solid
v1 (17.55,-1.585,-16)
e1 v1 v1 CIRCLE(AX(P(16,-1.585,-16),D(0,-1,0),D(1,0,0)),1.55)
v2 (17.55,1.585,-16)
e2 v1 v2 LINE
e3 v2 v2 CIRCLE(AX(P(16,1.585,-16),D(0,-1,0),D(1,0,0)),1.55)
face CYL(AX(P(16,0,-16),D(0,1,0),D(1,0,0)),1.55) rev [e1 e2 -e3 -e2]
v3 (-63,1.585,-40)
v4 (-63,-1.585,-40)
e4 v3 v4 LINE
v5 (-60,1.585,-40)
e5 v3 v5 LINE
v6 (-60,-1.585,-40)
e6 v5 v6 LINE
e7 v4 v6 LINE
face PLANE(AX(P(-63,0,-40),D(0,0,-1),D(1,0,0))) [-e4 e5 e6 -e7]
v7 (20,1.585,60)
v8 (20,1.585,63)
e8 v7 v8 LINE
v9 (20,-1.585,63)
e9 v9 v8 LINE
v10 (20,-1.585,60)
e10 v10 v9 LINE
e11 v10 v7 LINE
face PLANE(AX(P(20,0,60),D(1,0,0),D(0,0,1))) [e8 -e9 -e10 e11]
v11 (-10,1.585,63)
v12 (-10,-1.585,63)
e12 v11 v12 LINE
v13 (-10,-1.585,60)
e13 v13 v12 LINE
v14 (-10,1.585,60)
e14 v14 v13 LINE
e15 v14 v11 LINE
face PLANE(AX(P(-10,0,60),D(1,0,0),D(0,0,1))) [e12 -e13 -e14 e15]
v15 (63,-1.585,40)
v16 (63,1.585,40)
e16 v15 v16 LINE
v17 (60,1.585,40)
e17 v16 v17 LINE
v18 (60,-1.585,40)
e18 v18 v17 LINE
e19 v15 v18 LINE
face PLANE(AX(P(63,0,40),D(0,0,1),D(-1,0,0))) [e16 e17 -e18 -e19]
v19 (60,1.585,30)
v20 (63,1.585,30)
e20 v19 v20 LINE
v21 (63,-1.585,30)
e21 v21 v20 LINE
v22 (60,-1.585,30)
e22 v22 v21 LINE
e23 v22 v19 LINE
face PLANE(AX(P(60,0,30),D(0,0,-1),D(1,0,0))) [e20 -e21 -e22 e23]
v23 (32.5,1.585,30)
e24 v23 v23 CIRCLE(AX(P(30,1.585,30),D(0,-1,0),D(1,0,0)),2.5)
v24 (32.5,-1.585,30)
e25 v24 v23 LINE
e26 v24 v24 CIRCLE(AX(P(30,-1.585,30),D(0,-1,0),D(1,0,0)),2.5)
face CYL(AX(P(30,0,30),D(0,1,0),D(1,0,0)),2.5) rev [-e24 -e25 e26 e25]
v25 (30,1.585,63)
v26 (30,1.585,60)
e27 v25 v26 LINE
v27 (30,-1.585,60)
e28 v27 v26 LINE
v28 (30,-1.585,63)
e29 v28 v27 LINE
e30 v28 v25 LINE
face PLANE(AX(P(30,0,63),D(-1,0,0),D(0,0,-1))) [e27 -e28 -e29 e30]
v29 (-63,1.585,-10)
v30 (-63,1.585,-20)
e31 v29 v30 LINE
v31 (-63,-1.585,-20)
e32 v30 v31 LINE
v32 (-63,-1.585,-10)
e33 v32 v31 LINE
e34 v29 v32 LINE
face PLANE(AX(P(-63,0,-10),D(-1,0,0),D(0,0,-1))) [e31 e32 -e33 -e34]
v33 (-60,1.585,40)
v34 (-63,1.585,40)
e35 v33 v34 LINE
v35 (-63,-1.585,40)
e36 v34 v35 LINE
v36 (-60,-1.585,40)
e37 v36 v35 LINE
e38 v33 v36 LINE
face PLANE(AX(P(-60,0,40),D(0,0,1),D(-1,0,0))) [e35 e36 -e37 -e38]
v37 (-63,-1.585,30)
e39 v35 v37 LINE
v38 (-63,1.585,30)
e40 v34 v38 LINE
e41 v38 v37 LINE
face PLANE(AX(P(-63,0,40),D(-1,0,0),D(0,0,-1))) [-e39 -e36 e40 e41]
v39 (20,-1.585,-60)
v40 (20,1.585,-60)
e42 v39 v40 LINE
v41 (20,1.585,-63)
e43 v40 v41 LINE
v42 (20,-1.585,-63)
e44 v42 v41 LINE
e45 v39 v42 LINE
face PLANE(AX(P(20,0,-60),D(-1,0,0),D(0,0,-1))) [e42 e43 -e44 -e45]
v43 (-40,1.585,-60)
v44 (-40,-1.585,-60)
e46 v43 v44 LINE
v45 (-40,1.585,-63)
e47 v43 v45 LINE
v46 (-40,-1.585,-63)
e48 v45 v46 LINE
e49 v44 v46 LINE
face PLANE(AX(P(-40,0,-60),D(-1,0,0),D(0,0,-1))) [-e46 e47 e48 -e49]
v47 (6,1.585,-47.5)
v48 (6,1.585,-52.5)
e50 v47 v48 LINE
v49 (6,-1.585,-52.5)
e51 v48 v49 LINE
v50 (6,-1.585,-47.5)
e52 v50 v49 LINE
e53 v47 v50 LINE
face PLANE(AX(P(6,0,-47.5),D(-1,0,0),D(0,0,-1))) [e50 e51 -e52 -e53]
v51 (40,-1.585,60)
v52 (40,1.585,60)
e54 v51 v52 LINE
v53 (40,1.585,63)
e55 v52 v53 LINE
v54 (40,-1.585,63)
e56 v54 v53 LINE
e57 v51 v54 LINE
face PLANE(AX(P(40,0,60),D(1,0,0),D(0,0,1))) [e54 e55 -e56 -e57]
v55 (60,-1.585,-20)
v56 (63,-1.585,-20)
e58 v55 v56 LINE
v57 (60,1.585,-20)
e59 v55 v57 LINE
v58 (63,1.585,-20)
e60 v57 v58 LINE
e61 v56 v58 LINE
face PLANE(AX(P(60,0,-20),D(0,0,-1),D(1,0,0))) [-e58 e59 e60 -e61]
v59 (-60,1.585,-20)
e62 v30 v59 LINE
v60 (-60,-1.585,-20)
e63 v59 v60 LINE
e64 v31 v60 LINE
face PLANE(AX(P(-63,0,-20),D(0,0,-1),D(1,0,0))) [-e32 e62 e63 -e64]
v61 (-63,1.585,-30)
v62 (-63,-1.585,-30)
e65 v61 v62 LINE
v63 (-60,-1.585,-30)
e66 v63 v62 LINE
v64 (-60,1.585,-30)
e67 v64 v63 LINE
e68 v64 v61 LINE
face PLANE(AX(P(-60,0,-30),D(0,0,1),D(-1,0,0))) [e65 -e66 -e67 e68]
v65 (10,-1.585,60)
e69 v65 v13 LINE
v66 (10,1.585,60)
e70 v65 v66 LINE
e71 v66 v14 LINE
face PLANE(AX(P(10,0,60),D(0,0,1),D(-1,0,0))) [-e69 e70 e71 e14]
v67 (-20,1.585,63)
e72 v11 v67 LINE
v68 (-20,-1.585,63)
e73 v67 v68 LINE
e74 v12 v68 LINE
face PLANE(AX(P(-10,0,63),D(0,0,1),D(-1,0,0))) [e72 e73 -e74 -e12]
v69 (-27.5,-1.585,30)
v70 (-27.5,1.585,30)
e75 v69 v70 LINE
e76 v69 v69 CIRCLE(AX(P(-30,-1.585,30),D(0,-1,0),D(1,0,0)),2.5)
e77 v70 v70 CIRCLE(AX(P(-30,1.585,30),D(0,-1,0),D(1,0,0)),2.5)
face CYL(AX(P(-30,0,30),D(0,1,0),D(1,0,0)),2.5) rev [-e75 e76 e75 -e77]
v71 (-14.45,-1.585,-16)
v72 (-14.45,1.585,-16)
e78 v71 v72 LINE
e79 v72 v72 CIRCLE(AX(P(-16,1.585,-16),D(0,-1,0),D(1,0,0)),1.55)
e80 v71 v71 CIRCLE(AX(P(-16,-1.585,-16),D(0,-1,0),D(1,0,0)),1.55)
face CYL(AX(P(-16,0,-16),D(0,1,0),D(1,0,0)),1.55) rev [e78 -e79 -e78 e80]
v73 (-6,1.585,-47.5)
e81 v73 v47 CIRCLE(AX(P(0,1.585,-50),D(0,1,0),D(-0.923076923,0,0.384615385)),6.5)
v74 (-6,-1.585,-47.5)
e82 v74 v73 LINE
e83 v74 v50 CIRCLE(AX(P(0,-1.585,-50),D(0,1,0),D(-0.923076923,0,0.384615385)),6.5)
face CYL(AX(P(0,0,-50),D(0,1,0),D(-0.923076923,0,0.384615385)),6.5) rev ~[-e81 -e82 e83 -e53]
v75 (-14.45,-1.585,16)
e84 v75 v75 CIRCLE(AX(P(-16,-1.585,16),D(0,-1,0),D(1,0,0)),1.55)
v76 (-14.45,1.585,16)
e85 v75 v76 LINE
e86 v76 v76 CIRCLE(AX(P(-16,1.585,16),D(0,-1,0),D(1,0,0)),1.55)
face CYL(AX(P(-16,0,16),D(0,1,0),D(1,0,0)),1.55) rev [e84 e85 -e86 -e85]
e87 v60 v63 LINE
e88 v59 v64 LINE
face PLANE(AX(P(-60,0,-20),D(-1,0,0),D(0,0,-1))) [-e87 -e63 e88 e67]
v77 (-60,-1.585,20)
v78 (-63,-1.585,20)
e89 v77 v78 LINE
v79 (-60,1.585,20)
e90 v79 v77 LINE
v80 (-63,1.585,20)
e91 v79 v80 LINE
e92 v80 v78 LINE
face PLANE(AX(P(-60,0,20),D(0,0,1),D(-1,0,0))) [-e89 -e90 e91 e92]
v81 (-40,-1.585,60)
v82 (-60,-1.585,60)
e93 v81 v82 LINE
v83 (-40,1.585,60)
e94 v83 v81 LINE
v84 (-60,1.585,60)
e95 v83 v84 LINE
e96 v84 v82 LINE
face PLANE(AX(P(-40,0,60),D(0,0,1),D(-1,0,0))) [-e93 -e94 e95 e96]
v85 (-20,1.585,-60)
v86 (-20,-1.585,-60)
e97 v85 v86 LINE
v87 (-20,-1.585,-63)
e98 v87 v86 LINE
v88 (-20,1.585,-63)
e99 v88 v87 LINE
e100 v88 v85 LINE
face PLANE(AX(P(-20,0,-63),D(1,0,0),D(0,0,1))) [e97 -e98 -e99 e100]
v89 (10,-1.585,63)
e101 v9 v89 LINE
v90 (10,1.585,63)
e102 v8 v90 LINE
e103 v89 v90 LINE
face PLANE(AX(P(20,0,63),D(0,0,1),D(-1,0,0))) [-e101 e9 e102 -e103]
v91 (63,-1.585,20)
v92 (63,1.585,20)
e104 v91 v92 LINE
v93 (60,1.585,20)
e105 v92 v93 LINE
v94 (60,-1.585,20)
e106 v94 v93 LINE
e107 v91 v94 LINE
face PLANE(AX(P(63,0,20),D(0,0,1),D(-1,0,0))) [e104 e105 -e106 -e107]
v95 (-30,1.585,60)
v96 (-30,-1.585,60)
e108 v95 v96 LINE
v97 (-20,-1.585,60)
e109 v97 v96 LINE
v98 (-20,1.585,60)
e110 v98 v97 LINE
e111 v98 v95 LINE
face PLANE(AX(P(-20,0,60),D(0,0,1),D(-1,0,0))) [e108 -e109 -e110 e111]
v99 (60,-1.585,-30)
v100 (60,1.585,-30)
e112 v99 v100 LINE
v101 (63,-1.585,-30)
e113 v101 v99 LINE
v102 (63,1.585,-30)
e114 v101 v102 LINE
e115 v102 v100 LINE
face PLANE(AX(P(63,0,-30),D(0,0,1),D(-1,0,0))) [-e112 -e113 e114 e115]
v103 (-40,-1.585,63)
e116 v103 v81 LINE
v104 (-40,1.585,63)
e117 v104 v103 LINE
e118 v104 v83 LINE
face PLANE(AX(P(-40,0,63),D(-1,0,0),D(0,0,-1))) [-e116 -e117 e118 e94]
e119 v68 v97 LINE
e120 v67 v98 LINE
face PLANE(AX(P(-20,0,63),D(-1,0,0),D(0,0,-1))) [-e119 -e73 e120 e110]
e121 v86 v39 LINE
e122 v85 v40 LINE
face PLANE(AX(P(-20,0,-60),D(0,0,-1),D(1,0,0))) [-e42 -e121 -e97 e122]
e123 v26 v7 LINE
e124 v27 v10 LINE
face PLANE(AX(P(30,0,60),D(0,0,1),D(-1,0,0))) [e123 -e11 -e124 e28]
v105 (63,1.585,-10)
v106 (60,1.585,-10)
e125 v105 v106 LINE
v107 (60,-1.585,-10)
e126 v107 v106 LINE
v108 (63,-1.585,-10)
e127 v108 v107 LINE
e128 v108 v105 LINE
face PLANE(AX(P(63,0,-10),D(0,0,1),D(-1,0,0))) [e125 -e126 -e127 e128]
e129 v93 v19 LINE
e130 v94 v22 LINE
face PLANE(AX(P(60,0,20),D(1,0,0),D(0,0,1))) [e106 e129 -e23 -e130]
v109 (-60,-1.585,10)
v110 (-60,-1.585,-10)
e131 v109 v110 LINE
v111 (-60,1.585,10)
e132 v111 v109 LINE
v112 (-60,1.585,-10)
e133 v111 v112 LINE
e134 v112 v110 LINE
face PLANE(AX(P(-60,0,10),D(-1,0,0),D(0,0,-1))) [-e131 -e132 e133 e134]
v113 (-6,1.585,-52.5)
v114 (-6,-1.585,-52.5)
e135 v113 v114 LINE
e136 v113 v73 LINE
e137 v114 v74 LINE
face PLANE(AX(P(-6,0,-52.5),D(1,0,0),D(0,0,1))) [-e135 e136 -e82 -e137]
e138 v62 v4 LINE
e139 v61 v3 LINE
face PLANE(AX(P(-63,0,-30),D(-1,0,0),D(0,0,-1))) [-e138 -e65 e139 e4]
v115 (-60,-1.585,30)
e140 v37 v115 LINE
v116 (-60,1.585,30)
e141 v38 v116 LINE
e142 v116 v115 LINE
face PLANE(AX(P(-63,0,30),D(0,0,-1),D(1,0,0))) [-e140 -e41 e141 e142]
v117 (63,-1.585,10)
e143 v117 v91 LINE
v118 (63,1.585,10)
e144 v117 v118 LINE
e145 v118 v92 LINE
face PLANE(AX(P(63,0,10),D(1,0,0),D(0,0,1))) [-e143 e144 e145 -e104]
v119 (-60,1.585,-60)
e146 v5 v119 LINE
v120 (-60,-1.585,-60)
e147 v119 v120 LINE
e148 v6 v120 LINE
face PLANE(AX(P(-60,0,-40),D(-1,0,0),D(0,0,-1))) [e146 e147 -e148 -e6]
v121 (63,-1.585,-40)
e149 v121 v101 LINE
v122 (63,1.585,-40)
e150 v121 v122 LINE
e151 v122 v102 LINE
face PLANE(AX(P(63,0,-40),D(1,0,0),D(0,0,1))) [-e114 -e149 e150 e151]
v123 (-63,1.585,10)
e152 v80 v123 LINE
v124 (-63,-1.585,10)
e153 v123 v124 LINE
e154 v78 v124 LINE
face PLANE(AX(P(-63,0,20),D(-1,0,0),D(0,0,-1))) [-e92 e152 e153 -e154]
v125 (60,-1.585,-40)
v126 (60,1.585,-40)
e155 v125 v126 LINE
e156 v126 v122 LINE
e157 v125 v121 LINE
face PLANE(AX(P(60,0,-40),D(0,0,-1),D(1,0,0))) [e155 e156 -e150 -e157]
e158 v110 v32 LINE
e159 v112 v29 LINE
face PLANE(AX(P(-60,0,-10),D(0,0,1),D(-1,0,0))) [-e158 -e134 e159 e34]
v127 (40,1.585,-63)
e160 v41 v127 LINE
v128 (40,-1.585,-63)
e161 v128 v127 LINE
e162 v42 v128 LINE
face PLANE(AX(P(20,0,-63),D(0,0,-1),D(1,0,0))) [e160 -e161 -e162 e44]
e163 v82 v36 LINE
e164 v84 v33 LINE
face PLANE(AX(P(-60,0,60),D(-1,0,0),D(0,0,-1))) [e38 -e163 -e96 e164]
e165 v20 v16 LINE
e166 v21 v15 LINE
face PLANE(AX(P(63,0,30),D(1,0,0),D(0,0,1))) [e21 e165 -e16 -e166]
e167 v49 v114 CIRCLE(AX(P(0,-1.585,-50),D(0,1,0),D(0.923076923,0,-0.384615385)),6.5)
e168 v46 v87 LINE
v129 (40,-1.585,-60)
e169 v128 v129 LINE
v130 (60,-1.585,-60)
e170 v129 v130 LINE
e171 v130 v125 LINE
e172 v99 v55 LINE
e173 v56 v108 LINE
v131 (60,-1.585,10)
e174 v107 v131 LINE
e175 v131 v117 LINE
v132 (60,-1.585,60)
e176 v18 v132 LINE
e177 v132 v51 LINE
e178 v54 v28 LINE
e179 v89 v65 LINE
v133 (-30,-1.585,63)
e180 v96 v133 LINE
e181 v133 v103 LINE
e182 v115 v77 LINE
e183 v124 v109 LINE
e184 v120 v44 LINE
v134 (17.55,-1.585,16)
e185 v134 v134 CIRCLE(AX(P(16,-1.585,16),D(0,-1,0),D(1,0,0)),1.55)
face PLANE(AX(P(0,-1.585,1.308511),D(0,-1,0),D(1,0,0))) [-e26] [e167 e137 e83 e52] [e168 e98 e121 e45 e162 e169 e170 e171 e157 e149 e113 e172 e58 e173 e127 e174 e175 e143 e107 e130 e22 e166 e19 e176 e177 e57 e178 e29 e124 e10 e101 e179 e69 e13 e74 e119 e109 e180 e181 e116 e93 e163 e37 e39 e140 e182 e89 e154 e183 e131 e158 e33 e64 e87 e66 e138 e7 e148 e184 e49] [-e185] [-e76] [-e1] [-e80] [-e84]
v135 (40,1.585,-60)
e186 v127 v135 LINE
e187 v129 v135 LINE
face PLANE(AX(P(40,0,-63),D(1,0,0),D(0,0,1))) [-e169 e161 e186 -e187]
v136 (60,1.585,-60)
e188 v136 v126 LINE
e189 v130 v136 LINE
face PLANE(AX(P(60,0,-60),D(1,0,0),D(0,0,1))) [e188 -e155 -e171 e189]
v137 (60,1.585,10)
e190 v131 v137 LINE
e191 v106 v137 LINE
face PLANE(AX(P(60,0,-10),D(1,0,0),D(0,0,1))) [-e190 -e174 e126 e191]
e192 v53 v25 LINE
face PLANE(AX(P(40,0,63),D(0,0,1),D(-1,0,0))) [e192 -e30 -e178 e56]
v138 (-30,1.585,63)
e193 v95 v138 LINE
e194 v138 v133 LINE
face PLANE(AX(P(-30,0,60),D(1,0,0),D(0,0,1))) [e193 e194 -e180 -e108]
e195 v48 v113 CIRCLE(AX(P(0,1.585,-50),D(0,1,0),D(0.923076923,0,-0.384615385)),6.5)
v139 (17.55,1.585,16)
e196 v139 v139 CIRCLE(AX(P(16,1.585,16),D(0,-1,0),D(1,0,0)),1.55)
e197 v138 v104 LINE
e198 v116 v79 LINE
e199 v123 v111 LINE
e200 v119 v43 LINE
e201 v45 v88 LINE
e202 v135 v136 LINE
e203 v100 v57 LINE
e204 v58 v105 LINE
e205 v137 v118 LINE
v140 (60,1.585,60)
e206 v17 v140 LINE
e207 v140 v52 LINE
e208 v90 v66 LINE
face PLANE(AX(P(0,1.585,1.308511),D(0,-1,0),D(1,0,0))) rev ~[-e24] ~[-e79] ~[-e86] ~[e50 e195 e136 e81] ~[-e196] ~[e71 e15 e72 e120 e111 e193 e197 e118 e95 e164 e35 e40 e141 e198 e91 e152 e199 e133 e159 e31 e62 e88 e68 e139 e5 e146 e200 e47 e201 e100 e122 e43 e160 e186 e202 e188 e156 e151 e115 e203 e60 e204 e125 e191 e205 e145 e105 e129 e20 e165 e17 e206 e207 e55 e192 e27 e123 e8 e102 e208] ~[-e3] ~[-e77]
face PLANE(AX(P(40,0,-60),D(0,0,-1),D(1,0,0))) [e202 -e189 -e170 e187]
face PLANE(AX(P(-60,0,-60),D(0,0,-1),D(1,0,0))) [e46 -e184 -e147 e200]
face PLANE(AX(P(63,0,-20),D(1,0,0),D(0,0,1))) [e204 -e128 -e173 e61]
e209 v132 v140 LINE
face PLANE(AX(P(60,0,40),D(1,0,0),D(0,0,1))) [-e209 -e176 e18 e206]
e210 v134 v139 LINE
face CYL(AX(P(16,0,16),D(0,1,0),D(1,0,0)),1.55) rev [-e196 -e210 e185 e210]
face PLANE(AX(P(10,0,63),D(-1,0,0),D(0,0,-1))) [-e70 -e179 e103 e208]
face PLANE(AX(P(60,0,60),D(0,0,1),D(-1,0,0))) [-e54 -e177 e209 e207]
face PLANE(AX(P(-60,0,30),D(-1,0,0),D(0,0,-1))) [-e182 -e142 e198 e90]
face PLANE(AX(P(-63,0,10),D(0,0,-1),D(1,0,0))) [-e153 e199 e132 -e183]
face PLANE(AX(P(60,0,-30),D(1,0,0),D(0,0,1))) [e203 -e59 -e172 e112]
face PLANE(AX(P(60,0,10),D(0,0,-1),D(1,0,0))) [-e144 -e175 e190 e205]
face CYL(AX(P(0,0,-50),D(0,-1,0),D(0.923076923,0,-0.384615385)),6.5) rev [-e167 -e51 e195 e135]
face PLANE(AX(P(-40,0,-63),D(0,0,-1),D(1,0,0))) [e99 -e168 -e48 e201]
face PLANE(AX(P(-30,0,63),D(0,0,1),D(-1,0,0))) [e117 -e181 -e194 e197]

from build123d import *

# Parameters (mm, degrees)
F0_R     = 1.55
F0_R_2   = 2.5
F1_DEPTH = 1.585


with BuildPart() as f1:
    # F0 (on Front) → F1 (new body, symmetric)
    with BuildSketch(Plane.XZ):
        Polygon((10, 60), (0, 60), (-10, 60), (-10, 63), (-20, 63), (-20, 60), (-30, 60), (-30, 63), (-40, 63), (-40, 60), (-60, 60), (-60, 40), (-63, 40), (-63, 30), (-60, 30), (-60, 20), (-63, 20), (-63, 10), (-60, 10), (-60, -10), (-63, -10), (-63, -20), (-60, -20), (-60, -30), (-63, -30), (-63, -40), (-60, -40), (-60, -60), (-40, -60), (-40, -63), (-20, -63), (-20, -60), (0, -60), (20, -60), (20, -63), (40, -63), (40, -60), (60, -60), (60, -40), (63, -40), (63, -30), (60, -30), (60, -20), (63, -20), (63, -10), (60, -10), (60, 10), (63, 10), (63, 20), (60, 20), (60, 30), (63, 30), (63, 40), (60, 40), (60, 60), (40, 60), (40, 63), (30, 63), (30, 60), (20, 60), (20, 63), (10, 63), align=None)
        with Locations((-16, -16)):
            Circle(F0_R, mode=Mode.SUBTRACT)
        with BuildLine():
            Line((-6, -52.5), (-6, -47.5))
            ThreePointArc((-6, -47.5), (0, -43.5), (6, -47.5))
            Line((6, -47.5), (6, -52.5))
            ThreePointArc((6, -52.5), (0, -56.5), (-6, -52.5))
        make_face(mode=Mode.SUBTRACT)
        with Locations((16, -16)):
            Circle(F0_R, mode=Mode.SUBTRACT)
        with Locations((-16, 16)):
            Circle(F0_R, mode=Mode.SUBTRACT)
        with Locations((-30, 30)):
            Circle(F0_R_2, mode=Mode.SUBTRACT)
        with Locations((16, 16)):
            Circle(F0_R, mode=Mode.SUBTRACT)
        with Locations((30, 30)):
            Circle(F0_R_2, mode=Mode.SUBTRACT)
    extrude(amount=F1_DEPTH, both=True)


solid = f1.part
